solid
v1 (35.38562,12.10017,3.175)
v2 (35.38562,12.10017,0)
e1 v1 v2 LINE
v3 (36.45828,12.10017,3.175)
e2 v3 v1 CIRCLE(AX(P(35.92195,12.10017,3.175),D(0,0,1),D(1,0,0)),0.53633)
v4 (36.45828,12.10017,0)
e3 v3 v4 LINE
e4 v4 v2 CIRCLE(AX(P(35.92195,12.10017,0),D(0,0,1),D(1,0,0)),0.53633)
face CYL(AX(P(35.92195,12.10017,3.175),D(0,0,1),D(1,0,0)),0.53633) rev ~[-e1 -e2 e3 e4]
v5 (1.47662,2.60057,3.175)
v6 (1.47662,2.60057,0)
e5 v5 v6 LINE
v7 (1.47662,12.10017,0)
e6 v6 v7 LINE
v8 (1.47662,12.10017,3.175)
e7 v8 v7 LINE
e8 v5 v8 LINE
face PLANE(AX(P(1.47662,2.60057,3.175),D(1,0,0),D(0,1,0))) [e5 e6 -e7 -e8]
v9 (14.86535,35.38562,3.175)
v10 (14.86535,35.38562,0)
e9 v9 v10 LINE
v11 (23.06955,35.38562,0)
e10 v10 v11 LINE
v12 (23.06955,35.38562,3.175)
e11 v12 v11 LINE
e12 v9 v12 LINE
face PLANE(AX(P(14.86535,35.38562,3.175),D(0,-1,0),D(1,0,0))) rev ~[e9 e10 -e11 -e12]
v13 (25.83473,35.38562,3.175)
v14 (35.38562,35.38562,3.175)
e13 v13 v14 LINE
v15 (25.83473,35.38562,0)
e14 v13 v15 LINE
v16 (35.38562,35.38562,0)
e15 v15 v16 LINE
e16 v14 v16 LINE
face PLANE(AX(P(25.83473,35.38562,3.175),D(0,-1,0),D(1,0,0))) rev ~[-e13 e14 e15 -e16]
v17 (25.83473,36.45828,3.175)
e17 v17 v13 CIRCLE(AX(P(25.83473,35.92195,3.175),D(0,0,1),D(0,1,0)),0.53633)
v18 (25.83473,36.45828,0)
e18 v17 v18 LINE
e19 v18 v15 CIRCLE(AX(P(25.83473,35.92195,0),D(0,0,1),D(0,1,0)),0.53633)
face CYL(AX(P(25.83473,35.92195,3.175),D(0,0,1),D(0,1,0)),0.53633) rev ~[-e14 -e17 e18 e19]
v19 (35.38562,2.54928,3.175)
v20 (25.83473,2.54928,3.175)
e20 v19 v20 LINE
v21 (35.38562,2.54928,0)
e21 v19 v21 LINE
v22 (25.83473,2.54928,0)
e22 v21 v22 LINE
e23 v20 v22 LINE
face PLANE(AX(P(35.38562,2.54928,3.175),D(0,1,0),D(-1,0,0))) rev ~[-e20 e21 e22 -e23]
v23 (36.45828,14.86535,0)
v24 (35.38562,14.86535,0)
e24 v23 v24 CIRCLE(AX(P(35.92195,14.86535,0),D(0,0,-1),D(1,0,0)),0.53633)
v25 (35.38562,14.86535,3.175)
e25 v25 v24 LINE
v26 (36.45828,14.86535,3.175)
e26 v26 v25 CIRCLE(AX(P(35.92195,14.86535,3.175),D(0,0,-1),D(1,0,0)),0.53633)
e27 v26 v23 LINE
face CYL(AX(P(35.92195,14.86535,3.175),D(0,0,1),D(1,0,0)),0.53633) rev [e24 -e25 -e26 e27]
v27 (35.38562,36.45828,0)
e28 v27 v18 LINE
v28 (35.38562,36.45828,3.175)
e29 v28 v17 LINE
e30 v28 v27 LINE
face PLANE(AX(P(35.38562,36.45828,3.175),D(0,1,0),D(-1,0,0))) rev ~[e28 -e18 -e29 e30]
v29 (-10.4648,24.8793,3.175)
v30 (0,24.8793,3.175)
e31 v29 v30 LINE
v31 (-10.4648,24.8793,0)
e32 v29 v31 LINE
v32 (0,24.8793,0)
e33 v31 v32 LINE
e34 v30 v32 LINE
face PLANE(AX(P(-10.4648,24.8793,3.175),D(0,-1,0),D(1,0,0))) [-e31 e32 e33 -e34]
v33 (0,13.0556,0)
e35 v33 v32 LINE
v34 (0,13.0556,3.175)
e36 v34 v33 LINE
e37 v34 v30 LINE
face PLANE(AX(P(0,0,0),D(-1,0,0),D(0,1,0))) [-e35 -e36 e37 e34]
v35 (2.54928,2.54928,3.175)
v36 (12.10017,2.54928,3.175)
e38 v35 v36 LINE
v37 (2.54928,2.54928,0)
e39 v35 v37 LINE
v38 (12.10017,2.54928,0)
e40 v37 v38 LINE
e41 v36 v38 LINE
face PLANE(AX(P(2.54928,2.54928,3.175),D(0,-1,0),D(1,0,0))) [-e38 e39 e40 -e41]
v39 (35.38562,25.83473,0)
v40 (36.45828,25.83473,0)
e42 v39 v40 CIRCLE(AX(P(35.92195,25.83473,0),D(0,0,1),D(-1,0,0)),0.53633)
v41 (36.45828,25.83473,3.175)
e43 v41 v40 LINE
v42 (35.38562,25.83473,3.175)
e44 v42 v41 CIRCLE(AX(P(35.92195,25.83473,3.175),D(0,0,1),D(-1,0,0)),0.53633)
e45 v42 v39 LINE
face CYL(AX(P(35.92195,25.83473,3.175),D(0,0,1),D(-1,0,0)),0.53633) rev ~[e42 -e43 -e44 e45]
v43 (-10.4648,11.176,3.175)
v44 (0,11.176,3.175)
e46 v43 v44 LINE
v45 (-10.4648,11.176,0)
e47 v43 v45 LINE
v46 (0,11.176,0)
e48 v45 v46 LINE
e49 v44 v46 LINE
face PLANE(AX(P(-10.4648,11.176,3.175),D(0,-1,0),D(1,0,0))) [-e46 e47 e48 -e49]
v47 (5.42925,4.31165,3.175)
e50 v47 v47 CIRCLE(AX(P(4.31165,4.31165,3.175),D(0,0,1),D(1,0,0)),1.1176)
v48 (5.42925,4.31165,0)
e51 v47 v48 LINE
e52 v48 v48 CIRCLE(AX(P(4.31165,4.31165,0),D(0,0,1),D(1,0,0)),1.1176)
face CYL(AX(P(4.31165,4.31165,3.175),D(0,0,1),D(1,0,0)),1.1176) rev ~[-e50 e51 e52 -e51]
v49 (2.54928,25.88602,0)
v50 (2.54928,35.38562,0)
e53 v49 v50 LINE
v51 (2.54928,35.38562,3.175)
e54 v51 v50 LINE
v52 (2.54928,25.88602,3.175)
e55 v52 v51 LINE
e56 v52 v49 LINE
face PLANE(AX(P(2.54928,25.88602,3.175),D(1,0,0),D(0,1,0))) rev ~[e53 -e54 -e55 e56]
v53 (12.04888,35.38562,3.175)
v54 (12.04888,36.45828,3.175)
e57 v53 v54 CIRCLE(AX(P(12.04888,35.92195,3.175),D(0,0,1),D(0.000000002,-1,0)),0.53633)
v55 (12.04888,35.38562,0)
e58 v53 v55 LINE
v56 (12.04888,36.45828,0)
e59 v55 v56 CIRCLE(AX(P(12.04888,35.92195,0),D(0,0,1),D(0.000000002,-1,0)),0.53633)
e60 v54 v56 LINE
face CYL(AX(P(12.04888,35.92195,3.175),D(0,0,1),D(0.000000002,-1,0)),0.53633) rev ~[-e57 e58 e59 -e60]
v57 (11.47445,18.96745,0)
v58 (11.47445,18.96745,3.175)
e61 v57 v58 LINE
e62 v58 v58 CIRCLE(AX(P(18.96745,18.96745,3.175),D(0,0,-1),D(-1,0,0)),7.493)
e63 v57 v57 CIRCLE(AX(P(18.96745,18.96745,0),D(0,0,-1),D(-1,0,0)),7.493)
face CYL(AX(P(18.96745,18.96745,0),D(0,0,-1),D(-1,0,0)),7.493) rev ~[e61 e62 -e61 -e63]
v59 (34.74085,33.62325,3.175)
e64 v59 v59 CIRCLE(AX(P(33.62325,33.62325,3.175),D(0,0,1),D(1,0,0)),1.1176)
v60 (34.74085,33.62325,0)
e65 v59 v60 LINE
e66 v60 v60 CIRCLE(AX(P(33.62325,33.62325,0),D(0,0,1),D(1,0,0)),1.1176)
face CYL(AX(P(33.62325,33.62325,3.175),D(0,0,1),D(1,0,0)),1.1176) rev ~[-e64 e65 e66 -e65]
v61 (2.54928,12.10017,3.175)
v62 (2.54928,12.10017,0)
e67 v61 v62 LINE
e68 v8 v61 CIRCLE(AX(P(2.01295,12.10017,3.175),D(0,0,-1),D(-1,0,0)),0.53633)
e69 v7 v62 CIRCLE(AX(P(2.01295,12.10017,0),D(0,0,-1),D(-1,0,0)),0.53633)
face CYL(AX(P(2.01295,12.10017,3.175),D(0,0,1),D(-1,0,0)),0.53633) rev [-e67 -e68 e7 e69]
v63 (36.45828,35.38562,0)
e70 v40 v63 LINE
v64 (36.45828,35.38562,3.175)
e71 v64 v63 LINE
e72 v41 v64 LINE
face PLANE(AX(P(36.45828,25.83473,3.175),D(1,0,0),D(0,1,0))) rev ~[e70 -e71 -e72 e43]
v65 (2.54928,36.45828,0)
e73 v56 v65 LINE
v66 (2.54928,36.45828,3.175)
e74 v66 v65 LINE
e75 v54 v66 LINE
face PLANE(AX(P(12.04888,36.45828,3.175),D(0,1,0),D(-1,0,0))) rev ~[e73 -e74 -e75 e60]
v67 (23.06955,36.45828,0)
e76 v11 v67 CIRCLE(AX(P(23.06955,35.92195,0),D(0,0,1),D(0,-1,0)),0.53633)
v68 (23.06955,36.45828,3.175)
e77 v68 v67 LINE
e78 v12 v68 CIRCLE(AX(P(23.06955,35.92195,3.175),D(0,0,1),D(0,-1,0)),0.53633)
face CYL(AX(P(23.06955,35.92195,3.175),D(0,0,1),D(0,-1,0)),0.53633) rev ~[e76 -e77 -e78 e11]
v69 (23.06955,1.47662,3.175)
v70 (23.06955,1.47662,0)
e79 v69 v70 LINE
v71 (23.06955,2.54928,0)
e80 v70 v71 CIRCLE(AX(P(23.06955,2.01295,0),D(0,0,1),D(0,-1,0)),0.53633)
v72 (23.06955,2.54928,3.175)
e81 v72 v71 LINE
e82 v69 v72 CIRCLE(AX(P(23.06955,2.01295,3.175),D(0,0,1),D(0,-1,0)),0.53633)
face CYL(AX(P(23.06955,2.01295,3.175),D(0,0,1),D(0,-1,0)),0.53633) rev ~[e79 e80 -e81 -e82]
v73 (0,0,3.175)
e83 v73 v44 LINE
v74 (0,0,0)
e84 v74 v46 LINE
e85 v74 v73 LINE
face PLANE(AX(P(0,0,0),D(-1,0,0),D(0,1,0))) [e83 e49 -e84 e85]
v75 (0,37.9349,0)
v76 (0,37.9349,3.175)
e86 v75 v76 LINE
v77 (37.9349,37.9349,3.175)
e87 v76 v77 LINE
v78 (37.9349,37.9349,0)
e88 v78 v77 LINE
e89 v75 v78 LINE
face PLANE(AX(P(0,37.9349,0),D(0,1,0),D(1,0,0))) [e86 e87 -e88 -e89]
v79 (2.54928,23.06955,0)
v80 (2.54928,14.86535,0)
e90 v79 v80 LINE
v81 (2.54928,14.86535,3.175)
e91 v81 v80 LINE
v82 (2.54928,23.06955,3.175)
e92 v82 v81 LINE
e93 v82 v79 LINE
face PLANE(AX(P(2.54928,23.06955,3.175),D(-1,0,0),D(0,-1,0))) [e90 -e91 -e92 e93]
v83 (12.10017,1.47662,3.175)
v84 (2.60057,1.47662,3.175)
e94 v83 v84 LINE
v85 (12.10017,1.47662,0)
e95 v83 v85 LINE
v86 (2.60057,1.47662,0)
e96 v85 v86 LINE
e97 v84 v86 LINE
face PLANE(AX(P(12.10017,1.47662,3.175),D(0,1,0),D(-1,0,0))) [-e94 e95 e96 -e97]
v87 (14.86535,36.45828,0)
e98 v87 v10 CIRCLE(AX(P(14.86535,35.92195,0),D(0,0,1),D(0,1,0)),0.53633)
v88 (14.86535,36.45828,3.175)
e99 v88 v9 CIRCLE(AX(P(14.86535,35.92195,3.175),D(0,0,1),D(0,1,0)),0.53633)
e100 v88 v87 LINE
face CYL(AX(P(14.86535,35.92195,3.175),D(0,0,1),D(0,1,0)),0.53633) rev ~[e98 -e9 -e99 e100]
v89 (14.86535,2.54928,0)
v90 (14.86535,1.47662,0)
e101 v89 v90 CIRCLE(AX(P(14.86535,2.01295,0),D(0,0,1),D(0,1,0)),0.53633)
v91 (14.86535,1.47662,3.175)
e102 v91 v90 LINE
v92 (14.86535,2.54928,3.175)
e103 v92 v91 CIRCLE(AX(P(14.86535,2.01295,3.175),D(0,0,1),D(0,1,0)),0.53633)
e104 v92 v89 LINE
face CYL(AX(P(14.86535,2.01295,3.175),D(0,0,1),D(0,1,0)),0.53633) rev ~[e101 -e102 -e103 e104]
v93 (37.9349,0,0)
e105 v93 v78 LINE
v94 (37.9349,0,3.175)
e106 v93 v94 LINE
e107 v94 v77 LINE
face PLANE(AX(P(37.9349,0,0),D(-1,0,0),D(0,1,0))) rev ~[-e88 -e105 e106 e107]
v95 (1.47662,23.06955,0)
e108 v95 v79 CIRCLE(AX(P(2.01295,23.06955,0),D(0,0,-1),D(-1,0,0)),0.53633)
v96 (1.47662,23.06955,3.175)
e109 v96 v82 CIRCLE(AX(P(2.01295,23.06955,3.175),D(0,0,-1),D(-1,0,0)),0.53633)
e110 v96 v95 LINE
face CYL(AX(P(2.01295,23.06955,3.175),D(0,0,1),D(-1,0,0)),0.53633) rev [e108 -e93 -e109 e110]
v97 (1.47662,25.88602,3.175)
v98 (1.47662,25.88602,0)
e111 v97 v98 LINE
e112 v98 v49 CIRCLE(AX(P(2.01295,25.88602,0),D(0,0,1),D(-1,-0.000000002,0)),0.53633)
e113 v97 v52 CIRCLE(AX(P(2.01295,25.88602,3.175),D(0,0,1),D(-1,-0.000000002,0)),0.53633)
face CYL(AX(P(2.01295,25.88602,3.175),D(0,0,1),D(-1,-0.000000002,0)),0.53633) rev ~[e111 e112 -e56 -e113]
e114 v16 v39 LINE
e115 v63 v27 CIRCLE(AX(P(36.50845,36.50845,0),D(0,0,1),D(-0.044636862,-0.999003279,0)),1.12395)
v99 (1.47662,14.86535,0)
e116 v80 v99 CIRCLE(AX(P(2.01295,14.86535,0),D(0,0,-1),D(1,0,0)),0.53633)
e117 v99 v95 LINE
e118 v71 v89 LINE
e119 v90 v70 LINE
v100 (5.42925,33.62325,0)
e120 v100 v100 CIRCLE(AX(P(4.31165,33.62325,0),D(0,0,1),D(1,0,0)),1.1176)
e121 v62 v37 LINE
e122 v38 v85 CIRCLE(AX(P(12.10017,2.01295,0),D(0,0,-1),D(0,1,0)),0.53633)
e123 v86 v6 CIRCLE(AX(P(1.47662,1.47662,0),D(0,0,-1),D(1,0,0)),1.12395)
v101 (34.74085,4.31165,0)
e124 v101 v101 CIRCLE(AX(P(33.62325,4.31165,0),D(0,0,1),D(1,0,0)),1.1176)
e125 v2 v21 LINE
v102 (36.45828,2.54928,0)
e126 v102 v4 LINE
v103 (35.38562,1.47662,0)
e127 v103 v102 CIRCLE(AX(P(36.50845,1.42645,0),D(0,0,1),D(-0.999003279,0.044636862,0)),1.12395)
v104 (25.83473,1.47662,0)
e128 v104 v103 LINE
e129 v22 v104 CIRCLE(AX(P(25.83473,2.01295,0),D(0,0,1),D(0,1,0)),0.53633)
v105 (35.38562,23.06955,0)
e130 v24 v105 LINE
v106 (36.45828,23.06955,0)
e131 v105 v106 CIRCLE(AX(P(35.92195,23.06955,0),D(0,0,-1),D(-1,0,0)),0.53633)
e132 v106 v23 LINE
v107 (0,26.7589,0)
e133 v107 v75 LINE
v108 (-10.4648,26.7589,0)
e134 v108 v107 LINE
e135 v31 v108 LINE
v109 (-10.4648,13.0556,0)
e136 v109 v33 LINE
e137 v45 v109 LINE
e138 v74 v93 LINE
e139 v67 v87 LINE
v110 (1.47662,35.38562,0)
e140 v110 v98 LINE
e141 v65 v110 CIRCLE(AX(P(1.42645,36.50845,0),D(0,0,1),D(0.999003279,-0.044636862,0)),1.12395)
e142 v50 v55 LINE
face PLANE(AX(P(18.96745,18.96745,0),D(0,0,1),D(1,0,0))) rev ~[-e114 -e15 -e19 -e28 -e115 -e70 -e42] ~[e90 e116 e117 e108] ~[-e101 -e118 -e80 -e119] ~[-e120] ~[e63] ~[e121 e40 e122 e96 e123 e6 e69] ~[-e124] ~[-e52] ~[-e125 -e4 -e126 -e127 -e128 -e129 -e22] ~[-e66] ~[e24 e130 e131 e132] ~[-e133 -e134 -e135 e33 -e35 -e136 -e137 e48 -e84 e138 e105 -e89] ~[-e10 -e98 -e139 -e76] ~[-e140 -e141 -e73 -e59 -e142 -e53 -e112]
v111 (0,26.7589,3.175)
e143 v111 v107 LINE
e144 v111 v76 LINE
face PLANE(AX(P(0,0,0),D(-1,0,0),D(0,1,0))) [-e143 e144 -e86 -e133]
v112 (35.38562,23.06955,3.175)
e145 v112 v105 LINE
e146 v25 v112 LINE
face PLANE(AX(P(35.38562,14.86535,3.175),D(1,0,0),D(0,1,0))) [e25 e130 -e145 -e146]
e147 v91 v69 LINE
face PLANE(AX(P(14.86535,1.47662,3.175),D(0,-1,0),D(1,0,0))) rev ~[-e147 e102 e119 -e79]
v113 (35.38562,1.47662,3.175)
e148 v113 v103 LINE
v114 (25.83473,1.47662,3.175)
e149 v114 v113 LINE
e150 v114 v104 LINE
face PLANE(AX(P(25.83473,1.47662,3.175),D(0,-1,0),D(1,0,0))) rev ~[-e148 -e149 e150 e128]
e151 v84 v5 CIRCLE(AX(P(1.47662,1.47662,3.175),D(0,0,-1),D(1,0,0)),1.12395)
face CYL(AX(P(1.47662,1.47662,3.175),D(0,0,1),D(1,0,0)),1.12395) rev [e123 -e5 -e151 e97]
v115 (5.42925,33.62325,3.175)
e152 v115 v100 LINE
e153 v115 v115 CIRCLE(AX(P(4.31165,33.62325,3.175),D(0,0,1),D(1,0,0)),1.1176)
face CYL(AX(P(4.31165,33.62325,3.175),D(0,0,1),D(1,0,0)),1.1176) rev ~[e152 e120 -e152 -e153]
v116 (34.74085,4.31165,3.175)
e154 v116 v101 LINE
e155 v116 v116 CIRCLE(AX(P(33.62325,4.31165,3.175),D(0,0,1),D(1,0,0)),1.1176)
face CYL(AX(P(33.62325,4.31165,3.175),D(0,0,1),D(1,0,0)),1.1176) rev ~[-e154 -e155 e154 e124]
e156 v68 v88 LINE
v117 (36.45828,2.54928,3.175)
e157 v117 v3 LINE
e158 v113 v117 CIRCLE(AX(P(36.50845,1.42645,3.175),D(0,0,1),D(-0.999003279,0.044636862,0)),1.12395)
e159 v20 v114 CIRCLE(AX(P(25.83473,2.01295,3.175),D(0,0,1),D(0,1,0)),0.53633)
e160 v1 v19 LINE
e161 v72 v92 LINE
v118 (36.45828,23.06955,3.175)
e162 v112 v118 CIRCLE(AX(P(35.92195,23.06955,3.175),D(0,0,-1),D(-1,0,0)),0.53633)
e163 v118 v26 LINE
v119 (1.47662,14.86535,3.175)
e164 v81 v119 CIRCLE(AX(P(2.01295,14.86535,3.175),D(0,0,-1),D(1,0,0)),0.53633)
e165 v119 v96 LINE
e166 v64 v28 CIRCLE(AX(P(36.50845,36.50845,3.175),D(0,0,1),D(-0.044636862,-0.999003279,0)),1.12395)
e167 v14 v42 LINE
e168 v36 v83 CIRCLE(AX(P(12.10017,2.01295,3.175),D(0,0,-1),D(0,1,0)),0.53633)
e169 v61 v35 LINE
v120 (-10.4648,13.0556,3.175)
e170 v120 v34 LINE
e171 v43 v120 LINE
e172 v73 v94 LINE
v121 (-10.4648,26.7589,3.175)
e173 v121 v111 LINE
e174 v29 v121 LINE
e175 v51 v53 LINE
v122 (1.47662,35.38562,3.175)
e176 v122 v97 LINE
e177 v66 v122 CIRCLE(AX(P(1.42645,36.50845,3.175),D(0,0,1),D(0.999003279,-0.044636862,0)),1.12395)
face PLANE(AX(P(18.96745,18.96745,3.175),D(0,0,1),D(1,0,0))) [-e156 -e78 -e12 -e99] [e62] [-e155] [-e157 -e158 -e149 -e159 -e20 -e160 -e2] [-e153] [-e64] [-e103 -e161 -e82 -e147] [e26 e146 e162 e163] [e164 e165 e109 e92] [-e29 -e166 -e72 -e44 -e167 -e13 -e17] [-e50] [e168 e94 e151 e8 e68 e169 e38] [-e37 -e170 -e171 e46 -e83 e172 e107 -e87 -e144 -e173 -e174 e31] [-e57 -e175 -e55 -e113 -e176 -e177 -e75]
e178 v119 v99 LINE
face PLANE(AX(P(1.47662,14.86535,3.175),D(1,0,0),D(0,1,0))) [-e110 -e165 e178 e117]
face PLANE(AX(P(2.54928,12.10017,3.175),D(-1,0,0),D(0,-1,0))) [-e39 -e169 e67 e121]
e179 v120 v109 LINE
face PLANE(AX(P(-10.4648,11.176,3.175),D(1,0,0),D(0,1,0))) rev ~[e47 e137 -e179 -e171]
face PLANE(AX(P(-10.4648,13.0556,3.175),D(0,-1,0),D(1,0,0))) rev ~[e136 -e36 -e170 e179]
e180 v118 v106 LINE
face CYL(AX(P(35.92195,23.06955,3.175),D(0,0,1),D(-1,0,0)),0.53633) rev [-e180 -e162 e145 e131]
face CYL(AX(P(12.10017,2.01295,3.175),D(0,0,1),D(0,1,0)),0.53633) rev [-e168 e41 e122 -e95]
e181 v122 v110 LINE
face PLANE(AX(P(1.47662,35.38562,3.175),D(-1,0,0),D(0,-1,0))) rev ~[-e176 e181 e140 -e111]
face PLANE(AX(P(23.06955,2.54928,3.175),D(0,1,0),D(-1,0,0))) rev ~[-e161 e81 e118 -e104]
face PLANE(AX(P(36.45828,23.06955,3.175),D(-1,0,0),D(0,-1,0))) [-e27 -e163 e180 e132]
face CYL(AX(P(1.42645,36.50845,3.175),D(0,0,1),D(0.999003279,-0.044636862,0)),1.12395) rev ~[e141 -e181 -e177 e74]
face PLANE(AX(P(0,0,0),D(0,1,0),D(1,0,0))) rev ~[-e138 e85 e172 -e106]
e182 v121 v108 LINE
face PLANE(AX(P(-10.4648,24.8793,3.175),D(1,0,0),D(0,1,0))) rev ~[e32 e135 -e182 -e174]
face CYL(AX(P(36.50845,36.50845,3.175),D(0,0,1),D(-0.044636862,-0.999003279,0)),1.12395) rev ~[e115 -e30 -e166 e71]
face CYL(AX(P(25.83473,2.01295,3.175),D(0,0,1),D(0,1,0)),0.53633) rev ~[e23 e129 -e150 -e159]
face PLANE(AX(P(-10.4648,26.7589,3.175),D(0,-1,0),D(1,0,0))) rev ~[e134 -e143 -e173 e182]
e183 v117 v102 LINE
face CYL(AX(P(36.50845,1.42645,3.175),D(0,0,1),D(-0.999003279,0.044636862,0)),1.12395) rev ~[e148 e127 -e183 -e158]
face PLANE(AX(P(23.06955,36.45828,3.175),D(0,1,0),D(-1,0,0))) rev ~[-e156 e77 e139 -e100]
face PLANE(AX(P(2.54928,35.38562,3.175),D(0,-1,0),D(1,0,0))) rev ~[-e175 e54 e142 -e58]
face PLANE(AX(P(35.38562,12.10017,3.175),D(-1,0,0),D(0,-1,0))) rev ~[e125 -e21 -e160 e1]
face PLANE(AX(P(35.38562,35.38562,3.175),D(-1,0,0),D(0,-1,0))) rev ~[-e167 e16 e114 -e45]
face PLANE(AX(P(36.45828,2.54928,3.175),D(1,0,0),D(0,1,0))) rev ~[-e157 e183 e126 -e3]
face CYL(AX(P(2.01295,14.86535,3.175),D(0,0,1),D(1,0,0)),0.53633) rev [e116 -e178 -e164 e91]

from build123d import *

# Parameters (mm, degrees)
SKETCH1_W           = 37.9349
SKETCH1_H           = 37.9349
BOSS_EXTRUDE1_DEPTH = 3.175
SKETCH9_R           = 1.1176
CUT_EXTRUDE2_DEPTH  = 3.175
SKETCH10_R          = 7.493
CUT_EXTRUDE3_DEPTH  = 3.175
SKETCH11_W          = 10.4648
SKETCH11_H          = 1.8796
BOSS_EXTRUDE2_DEPTH = 3.175


with BuildPart() as part:
    # Sketch1 → Boss-Extrude1 (new body)
    with BuildSketch(Plane.XY):
        with Locations((18.96745, 18.96745)):
            Rectangle(SKETCH1_W, SKETCH1_H)
    extrude(amount=BOSS_EXTRUDE1_DEPTH)

    # Sketch9 → Cut-Extrude2 (cut)
    with BuildSketch(Plane.XY.offset(3.175)):
        with Locations((33.62325, 33.62325)):
            Circle(SKETCH9_R)
        with Locations((4.31165, 33.62325)):
            Circle(SKETCH9_R)
        with Locations((4.31165, 4.31165)):
            Circle(SKETCH9_R)
        with Locations((33.62325, 4.31165)):
            Circle(SKETCH9_R)
        with BuildLine():
            Line((35.385619933, 12.100169933), (35.385619933, 2.549280067))
            Line((35.385619933, 2.549280067), (25.834730067, 2.549280067))
            ThreePointArc((25.834730067, 2.549280067), (25.2984, 2.01295), (25.834730067, 1.476619933))
            Line((25.834730067, 1.476619933), (35.385619933, 1.476619933))
            ThreePointArc((35.385619933, 1.476619933), (37.303202335, 0.631697665), (36.458280067, 2.549280067))
            Line((36.458280067, 2.549280067), (36.458280067, 12.100169933))
            ThreePointArc((36.458280067, 12.100169933), (35.92195, 12.6365), (35.385619933, 12.100169933))
        make_face()
        with BuildLine():
            Line((35.385619933, 36.458280067), (25.834730067, 36.458280067))
            ThreePointArc((25.834730067, 36.458280067), (25.2984, 35.92195), (25.834730067, 35.385619933))
            Line((25.834730067, 35.385619933), (35.385619933, 35.385619933))
            Line((35.385619933, 35.385619933), (35.385619933, 25.834730067))
            ThreePointArc((35.385619933, 25.834730067), (35.92195, 25.2984), (36.458280067, 25.834730067))
            Line((36.458280067, 25.834730067), (36.458280067, 35.385619933))
            ThreePointArc((36.458280067, 35.385619933), (37.303202335, 37.303202335), (35.385619933, 36.458280067))
        make_face()
        with BuildLine():
            Line((12.048880067, 36.458280067), (2.549280067, 36.458280067))
            ThreePointArc((2.549280067, 36.458280067), (0.631697665, 37.303202335), (1.476619933, 35.385619933))
            Line((1.476619933, 35.385619933), (1.476619933, 25.886019933))
            ThreePointArc((1.476619933, 25.886019933), (2.01295, 25.349689867), (2.549280067, 25.886019933))
            Line((2.549280067, 25.886019933), (2.549280067, 35.385619933))
            Line((2.549280067, 35.385619933), (12.048880067, 35.385619933))
            ThreePointArc((12.048880067, 35.385619933), (12.585210133, 35.92195), (12.048880067, 36.458280067))
        make_face()
        with BuildLine():
            Line((23.06955, 36.458280067), (14.86535, 36.458280067))
            ThreePointArc((14.86535, 36.458280067), (14.329019933, 35.92195), (14.86535, 35.385619933))
            Line((14.86535, 35.385619933), (23.06955, 35.385619933))
            ThreePointArc((23.06955, 35.385619933), (23.605880067, 35.92195), (23.06955, 36.458280067))
        make_face()
        with BuildLine():
            Line((2.549280067, 23.06955), (2.549280067, 14.86535))
            ThreePointArc((2.549280067, 14.86535), (2.01295, 14.329019933), (1.476619933, 14.86535))
            Line((1.476619933, 14.86535), (1.476619933, 23.06955))
            ThreePointArc((1.476619933, 23.06955), (2.01295, 23.605880067), (2.549280067, 23.06955))
        make_face()
        with BuildLine():
            Line((36.458280067, 23.06955), (36.458280067, 14.86535))
            ThreePointArc((36.458280067, 14.86535), (35.92195, 14.329019933), (35.385619933, 14.86535))
            Line((35.385619933, 14.86535), (35.385619933, 23.06955))
            ThreePointArc((35.385619933, 23.06955), (35.92195, 23.605880067), (36.458280067, 23.06955))
        make_face()
        with BuildLine():
            Line((23.06955, 2.549280067), (14.86535, 2.549280067))
            ThreePointArc((14.86535, 2.549280067), (14.329019933, 2.01295), (14.86535, 1.476619933))
            Line((14.86535, 1.476619933), (23.06955, 1.476619933))
            ThreePointArc((23.06955, 1.476619933), (23.605880067, 2.01295), (23.06955, 2.549280067))
        make_face()
        with BuildLine():
            Line((2.549280067, 12.100169933), (2.549280067, 2.549280067))
            Line((2.549280067, 2.549280067), (12.100169933, 2.549280067))
            ThreePointArc((12.100169933, 2.549280067), (12.6365, 2.01295), (12.100169933, 1.476619933))
            Line((12.100169933, 1.476619933), (2.600569933, 1.476619933))
            ThreePointArc((2.600569933, 1.476619933), (0.681867267, 0.681867267), (1.476619933, 2.600569933))
            Line((1.476619933, 2.600569933), (1.476619933, 12.100169933))
            ThreePointArc((1.476619933, 12.100169933), (2.01295, 12.6365), (2.549280067, 12.100169933))
        make_face()
    extrude(amount=-CUT_EXTRUDE2_DEPTH, mode=Mode.SUBTRACT)

    # Sketch10 → Cut-Extrude3 (cut)
    with BuildSketch(Plane(origin=(0, 0, 0), x_dir=(-1, 0, 0), z_dir=(0, 0, -1))):
        with Locations((-18.96745, 18.96745)):
            Circle(SKETCH10_R)
    extrude(amount=-CUT_EXTRUDE3_DEPTH, mode=Mode.SUBTRACT)

    # Sketch11 → Boss-Extrude2 (add)
    with BuildSketch(Plane.XY.offset(3.175)):
        with Locations((-5.2324, 25.8191)):
            Rectangle(SKETCH11_W, SKETCH11_H)
        with Locations((-5.2324, 12.1158)):
            Rectangle(SKETCH11_W, SKETCH11_H)
    extrude(amount=-BOSS_EXTRUDE2_DEPTH)


solid = part.part
